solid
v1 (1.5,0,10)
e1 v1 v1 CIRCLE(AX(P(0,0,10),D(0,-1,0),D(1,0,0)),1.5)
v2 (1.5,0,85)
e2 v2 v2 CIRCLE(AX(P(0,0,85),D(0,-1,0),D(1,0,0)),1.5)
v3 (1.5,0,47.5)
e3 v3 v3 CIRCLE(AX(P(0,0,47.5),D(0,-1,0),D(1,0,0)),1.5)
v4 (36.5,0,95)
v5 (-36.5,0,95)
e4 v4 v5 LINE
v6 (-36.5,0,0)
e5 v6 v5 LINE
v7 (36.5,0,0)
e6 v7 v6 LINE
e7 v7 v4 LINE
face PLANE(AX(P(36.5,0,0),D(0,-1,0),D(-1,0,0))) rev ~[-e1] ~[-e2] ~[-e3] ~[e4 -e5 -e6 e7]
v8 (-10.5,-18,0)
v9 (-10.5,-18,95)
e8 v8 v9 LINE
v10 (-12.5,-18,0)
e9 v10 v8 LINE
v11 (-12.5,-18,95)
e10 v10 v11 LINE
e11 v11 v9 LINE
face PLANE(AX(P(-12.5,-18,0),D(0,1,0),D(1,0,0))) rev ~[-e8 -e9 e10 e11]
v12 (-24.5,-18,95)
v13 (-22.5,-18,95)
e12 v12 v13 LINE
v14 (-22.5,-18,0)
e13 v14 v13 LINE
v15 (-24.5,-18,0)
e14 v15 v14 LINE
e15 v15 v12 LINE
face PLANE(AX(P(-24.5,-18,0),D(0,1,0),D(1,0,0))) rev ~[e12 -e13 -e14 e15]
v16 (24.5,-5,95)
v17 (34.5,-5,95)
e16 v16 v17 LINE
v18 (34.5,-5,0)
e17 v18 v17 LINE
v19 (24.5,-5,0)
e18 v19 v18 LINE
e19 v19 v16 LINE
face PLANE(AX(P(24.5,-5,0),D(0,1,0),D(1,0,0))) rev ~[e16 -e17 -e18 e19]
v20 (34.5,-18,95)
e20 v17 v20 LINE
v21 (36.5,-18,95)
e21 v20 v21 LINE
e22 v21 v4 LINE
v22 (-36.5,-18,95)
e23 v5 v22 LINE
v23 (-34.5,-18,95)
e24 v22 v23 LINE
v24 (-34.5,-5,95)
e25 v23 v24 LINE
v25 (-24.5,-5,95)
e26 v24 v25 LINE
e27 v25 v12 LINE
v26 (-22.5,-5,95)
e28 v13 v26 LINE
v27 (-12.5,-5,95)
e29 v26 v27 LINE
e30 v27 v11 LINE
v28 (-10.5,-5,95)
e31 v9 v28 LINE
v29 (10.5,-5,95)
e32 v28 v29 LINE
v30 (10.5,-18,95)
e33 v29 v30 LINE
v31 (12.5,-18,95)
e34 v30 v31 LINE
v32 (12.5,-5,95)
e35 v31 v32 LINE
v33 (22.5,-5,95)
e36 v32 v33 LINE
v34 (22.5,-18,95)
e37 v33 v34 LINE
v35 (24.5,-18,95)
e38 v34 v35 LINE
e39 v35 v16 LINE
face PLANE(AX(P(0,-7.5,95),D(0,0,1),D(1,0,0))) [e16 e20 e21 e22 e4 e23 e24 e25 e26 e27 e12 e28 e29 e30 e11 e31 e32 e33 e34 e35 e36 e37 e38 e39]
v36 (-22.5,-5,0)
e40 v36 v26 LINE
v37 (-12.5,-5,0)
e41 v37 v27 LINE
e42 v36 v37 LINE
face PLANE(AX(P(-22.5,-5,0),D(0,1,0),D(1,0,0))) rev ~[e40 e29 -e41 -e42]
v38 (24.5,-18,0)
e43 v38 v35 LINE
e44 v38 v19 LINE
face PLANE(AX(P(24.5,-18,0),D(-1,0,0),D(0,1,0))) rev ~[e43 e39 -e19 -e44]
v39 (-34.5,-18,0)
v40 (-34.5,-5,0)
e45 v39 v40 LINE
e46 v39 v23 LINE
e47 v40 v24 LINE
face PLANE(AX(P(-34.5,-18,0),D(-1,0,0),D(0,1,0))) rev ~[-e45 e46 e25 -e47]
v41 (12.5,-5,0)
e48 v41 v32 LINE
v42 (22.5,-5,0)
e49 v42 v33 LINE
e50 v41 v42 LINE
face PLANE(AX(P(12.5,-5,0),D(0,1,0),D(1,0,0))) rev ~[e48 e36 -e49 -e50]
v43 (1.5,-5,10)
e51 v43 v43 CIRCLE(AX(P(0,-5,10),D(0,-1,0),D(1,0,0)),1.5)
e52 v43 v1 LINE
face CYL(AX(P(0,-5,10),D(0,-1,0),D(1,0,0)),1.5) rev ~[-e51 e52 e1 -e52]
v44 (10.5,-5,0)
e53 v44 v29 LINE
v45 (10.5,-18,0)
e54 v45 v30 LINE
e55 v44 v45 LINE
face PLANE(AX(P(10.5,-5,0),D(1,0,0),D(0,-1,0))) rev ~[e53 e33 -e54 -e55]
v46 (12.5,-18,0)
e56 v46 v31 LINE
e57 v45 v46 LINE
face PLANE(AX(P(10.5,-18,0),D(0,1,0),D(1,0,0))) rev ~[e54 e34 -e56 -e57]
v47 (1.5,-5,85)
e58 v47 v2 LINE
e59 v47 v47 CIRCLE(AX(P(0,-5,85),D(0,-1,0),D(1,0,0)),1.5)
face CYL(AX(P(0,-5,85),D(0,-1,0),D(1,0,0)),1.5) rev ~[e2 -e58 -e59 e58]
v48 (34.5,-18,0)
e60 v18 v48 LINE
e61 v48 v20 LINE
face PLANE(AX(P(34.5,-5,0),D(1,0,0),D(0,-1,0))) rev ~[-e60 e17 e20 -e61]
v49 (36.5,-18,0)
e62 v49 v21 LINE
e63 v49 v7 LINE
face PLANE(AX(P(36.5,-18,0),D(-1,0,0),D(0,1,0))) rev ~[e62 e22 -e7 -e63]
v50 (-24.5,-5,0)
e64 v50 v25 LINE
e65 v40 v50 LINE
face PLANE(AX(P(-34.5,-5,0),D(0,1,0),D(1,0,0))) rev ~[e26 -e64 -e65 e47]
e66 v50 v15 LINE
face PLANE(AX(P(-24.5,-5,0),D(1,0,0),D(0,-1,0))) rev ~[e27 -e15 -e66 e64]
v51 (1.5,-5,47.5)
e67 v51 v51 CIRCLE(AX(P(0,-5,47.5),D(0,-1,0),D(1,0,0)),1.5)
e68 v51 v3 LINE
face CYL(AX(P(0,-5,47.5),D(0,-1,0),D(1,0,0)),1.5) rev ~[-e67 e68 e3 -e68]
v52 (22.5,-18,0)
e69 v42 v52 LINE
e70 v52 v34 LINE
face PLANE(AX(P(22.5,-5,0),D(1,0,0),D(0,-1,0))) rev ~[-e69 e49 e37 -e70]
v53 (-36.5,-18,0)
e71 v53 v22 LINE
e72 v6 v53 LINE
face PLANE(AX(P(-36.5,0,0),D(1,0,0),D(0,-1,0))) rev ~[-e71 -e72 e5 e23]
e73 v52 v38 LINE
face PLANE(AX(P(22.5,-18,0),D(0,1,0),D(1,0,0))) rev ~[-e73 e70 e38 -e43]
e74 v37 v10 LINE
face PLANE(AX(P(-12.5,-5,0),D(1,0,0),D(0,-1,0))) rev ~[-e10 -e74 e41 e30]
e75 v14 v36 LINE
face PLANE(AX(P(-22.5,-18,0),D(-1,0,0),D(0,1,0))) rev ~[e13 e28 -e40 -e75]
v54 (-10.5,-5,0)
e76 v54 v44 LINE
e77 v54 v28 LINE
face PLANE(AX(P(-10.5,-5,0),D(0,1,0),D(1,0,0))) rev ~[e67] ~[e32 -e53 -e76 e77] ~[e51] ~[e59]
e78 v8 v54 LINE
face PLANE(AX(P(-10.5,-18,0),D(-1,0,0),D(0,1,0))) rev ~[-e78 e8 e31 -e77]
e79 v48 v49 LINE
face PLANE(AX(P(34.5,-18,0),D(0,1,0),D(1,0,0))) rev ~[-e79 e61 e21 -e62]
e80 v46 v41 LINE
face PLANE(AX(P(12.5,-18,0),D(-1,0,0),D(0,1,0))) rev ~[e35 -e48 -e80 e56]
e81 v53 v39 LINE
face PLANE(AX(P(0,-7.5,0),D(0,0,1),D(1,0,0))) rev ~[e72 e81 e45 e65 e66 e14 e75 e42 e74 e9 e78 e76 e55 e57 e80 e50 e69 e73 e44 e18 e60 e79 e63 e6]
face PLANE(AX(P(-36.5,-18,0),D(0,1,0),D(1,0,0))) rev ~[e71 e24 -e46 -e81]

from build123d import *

# Parameters (mm, degrees)
F1_DEPTH = 95
F2_R     = 1.5
F3_DEPTH = 5


with BuildPart() as f1:
    # F0 (on Top) → F1 (new body)
    with BuildSketch(Plane.XY):
        Polygon((36.5, 0), (0, 0), (-36.5, 0), (-36.5, -18), (-34.5, -18), (-34.5, -5), (-24.5, -5), (-24.5, -18), (-22.5, -18), (-22.5, -5), (-12.5, -5), (-12.5, -18), (-10.5, -18), (-10.5, -5), (0, -5), (10.5, -5), (10.5, -18), (12.5, -18), (12.5, -5), (22.5, -5), (22.5, -18), (24.5, -18), (24.5, -5), (34.5, -5), (34.5, -18), (36.5, -18), align=None)
    extrude(amount=F1_DEPTH)

    # F2 (on face) → F3 (cut, through all)
    with BuildSketch(Plane.XZ.offset(5)):
        with Locations((0, 85)):
            Circle(F2_R)
        with Locations((0, 47.5)):
            Circle(F2_R)
        with Locations((0, 10)):
            Circle(F2_R)
    extrude(amount=-F3_DEPTH, mode=Mode.SUBTRACT)


solid = f1.part
